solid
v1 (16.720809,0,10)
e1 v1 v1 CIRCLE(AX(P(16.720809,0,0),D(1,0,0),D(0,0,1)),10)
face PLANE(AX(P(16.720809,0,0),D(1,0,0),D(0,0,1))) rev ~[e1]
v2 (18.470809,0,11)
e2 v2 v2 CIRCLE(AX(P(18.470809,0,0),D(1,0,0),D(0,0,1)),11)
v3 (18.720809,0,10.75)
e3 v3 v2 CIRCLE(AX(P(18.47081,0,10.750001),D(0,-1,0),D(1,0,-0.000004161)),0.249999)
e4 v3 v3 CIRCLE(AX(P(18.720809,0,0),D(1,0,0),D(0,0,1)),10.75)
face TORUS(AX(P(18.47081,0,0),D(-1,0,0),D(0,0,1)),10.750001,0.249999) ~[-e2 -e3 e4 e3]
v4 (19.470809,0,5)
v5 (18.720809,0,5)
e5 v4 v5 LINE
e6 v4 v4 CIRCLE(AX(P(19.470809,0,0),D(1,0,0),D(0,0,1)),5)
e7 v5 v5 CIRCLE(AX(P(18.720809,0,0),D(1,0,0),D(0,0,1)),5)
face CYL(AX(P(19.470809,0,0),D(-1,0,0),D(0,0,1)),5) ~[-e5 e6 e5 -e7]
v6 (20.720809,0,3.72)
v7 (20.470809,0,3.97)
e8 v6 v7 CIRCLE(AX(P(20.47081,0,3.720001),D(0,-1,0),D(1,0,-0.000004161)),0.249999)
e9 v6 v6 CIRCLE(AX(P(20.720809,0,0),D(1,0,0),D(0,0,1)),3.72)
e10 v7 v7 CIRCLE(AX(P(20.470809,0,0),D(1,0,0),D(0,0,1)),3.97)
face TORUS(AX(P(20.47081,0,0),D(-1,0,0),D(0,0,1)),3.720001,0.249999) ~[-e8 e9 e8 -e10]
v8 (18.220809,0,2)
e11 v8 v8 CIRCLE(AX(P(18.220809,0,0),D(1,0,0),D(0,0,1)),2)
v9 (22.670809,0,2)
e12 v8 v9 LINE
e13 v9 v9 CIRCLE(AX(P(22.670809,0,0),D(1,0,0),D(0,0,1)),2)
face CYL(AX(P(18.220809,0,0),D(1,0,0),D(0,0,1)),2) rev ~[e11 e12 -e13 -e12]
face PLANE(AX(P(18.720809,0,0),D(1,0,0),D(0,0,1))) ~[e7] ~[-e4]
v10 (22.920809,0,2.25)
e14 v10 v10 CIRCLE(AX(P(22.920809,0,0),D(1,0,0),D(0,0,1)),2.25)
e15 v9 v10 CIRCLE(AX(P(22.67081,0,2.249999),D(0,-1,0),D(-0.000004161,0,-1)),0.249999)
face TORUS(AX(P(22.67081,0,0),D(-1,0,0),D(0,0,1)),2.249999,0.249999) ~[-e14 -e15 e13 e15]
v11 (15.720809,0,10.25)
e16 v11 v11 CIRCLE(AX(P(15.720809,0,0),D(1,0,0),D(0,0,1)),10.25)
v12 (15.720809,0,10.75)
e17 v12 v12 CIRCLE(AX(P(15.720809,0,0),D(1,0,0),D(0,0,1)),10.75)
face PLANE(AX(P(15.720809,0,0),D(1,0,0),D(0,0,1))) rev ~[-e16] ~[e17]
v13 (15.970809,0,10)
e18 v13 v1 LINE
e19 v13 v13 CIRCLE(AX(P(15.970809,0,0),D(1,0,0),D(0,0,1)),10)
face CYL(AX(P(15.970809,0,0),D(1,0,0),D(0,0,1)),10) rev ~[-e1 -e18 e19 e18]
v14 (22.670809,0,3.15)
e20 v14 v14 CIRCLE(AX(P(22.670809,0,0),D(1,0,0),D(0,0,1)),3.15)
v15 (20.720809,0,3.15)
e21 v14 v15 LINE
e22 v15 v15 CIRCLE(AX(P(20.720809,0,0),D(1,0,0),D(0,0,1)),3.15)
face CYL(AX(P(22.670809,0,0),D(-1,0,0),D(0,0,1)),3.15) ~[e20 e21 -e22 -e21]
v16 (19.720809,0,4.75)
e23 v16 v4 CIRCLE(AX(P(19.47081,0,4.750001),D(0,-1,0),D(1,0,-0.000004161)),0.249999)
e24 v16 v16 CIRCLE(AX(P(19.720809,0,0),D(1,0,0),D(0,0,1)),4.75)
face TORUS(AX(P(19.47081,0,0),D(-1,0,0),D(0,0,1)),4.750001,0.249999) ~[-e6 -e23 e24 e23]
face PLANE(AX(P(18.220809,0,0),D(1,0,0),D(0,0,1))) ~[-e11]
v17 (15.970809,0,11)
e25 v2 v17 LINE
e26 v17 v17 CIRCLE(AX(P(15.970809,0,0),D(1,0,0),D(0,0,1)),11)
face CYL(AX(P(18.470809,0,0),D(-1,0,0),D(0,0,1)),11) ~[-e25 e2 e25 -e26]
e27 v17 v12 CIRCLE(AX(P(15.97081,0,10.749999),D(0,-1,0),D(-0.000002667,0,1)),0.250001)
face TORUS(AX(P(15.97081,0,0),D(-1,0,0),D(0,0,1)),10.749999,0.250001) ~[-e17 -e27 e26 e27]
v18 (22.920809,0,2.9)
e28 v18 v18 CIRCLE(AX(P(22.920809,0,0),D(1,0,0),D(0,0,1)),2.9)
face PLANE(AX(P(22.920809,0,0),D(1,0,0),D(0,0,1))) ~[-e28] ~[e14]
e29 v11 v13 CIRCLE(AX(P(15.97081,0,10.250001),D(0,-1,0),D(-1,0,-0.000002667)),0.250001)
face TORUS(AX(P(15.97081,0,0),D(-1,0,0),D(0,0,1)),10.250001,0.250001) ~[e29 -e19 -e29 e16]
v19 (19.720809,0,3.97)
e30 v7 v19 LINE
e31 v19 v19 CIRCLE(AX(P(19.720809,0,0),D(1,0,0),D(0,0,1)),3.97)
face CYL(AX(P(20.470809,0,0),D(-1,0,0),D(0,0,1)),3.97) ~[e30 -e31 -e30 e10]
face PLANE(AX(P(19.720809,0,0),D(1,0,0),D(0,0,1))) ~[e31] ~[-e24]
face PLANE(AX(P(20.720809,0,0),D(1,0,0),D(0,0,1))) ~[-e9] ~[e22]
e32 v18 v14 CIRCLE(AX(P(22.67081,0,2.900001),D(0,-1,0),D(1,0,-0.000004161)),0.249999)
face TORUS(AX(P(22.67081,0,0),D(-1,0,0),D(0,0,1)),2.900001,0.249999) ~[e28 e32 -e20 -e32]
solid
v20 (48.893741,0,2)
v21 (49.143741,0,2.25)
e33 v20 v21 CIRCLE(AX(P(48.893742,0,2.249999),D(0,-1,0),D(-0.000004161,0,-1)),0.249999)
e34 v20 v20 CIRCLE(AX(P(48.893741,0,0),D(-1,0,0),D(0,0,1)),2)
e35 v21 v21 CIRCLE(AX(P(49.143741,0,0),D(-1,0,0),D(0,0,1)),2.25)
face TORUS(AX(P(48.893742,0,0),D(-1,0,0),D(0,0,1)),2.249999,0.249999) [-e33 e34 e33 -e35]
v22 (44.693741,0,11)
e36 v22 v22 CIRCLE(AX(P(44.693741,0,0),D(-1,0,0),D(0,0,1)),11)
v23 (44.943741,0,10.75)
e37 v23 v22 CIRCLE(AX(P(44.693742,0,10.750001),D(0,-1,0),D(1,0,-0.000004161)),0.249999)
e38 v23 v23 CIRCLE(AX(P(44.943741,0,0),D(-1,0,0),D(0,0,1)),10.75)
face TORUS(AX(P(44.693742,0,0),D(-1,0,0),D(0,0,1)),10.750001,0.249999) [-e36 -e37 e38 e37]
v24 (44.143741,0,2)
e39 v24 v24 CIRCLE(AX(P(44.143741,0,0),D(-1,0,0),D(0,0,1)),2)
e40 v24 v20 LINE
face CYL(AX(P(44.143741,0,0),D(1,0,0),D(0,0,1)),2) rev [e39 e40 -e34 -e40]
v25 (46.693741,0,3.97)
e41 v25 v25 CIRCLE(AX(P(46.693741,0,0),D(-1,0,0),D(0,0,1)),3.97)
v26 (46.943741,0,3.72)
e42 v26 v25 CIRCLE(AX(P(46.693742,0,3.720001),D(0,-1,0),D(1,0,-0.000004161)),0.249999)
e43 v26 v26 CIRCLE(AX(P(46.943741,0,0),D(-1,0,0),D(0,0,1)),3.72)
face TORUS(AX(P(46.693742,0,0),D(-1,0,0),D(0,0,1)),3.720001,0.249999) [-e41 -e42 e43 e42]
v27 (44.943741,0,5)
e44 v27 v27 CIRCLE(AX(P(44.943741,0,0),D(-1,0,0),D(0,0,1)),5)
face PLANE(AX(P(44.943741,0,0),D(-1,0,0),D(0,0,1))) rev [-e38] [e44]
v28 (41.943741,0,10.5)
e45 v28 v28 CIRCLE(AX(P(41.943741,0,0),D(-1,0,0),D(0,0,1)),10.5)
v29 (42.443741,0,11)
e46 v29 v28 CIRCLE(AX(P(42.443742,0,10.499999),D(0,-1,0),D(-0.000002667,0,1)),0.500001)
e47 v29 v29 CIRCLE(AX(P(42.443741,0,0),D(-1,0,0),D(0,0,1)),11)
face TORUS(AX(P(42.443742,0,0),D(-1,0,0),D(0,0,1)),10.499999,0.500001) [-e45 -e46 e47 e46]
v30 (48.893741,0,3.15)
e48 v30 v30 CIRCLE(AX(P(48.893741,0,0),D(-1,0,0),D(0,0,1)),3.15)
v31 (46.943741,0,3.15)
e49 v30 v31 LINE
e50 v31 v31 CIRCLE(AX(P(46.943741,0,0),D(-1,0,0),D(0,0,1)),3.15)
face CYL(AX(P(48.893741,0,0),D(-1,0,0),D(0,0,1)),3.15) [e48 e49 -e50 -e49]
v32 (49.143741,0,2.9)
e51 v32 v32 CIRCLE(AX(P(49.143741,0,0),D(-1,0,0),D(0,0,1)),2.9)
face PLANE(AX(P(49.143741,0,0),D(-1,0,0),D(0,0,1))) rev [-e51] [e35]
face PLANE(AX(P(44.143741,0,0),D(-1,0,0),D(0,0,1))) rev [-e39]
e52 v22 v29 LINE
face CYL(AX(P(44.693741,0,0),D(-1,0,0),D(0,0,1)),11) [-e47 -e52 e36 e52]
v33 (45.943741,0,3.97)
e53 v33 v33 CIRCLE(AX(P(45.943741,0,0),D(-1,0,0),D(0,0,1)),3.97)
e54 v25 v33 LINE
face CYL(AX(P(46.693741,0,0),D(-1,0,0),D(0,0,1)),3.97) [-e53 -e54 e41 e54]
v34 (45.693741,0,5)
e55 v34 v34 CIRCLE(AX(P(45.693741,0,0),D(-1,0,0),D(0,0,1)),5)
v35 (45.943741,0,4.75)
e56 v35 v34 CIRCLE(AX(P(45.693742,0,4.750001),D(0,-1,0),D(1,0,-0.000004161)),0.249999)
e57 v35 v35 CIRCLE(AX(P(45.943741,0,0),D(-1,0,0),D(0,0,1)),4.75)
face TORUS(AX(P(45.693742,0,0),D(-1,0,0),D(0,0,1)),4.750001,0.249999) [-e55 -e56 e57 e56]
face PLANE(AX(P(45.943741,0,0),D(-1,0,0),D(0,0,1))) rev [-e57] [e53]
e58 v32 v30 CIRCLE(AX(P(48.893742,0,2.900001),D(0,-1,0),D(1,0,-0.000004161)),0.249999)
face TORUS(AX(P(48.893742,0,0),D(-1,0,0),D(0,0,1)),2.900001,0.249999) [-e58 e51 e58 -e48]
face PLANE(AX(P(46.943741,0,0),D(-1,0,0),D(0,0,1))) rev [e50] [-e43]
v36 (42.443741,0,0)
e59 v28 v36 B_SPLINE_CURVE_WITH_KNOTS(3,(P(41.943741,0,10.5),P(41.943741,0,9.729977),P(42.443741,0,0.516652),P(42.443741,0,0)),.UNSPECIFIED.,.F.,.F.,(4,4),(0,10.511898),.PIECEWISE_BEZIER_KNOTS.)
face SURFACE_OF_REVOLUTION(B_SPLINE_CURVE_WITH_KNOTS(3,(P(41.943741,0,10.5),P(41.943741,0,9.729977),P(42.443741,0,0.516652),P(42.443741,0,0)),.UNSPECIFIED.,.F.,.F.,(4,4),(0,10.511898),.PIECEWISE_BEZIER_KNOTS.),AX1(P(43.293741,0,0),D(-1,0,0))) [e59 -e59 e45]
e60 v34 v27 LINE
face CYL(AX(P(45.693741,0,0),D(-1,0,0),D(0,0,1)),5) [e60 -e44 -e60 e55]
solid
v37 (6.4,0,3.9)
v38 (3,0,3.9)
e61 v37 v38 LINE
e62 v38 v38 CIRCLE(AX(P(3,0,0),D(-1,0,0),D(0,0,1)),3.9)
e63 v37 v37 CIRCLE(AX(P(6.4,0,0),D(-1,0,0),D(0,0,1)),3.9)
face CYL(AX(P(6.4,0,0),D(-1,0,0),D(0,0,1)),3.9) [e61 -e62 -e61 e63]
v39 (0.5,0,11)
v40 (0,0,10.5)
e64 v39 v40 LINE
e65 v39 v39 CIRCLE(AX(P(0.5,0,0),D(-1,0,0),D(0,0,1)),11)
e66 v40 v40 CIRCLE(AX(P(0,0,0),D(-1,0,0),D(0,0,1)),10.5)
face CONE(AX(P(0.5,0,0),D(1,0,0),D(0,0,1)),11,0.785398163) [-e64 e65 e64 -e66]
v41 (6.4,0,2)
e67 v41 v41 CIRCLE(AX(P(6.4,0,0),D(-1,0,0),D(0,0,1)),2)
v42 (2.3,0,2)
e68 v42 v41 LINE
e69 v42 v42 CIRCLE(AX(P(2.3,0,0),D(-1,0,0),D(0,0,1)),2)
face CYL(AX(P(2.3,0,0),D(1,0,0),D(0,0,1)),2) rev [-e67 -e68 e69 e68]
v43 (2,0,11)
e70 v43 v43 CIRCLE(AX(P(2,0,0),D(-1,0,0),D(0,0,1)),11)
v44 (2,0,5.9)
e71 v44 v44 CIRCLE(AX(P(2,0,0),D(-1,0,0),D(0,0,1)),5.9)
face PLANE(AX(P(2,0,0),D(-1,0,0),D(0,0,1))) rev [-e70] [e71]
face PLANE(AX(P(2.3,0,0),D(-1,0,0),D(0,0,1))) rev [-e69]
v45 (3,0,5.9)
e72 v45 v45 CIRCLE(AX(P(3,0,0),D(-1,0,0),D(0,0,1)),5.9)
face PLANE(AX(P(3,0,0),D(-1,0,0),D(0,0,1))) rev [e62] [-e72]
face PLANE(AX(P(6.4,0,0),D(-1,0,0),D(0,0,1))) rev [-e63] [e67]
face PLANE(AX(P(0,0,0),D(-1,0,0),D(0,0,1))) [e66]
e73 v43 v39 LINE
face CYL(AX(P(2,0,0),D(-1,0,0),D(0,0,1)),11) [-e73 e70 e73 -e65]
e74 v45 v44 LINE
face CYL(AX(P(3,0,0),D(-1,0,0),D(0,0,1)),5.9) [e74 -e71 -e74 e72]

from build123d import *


with BuildPart() as f1:
    # F0 (on Front) → F1 (revolve)
    with BuildSketch(Plane.XZ):
        Polygon((0, 10.5), (0, 0), (2.3, 0), (2.3, 2), (6.4, 2), (6.4, 3.9), (3, 3.9), (3, 5.9), (2, 5.9), (2, 11), (0.5, 11), align=None)
    revolve(axis=Axis((1.15, 0, 0), (-1, 0, 0)))


with BuildPart() as f4:
    # F2 (on Front) → F4 (revolve)
    with BuildSketch(Plane.XZ):
        with BuildLine():
            Line((18.720809, 5), (18.720809, 10.75))
            ThreePointArc((18.720809, 10.75), (18.647586, 10.926777), (18.470809, 11))
            Line((18.470809, 11), (15.970809, 11))
            ThreePointArc((15.970809, 11), (15.794033, 10.926777), (15.720809, 10.75))
            Line((15.720809, 10.75), (15.720809, 10.25))
            ThreePointArc((15.720809, 10.25), (15.794033, 10.073223), (15.970809, 10))
            Line((15.970809, 10), (16.720809, 10))
            Line((16.720809, 10), (16.720809, 0))
            Line((16.720809, 0), (18.220809, 0))
            Line((18.220809, 0), (18.220809, 2))
            Line((18.220809, 2), (22.670809, 2))
            ThreePointArc((22.670809, 2), (22.847586, 2.073223), (22.920809, 2.25))
            Line((22.920809, 2.25), (22.920809, 2.9))
            ThreePointArc((22.920809, 2.9), (22.847586, 3.076777), (22.670809, 3.15))
            Line((22.670809, 3.15), (20.720809, 3.15))
            Line((20.720809, 3.15), (20.720809, 3.72))
            ThreePointArc((20.720809, 3.72), (20.647586, 3.896777), (20.470809, 3.97))
            Line((20.470809, 3.97), (19.720809, 3.97))
            Line((19.720809, 3.97), (19.720809, 4.75))
            ThreePointArc((19.720809, 4.75), (19.647586, 4.926777), (19.470809, 5))
            Line((19.470809, 5), (18.720809, 5))
        make_face()
    revolve(axis=Axis((17.470809, 0, 0), (1, 0, 0)))


with BuildPart() as f5:
    # F3 (on Front) → F5 (revolve)
    with BuildSketch(Plane.XZ):
        with BuildLine():
            Line((44.943741, 5), (44.943741, 10.75))
            ThreePointArc((44.943741, 10.75), (44.870518, 10.926777), (44.693741, 11))
            Line((44.693741, 11), (42.443741, 11))
            ThreePointArc((42.443741, 11), (42.090188, 10.853553), (41.943741, 10.5))
            add(Edge.make_bspline(
                [(41.943741, 10.5), (41.943741, 9.729977), (42.443741, 0.516652), (42.443741, 0)],
                knots=[0, 0, 0, 0, 10.511898, 10.511898, 10.511898, 10.511898], degree=3))
            Line((42.443741, 0), (44.143741, 0))
            Line((44.143741, 0), (44.143741, 2))
            Line((44.143741, 2), (48.893741, 2))
            ThreePointArc((48.893741, 2), (49.070518, 2.073223), (49.143741, 2.25))
            Line((49.143741, 2.25), (49.143741, 2.9))
            ThreePointArc((49.143741, 2.9), (49.070518, 3.076777), (48.893741, 3.15))
            Line((48.893741, 3.15), (46.943741, 3.15))
            Line((46.943741, 3.15), (46.943741, 3.72))
            ThreePointArc((46.943741, 3.72), (46.870518, 3.896777), (46.693741, 3.97))
            Line((46.693741, 3.97), (45.943741, 3.97))
            Line((45.943741, 3.97), (45.943741, 4.75))
            ThreePointArc((45.943741, 4.75), (45.870518, 4.926777), (45.693741, 5))
            Line((45.693741, 5), (44.943741, 5))
        make_face()
    revolve(axis=Axis((43.293741, 0, 0), (-1, 0, 0)))


solid = Compound([f1.part, f4.part, f5.part])
